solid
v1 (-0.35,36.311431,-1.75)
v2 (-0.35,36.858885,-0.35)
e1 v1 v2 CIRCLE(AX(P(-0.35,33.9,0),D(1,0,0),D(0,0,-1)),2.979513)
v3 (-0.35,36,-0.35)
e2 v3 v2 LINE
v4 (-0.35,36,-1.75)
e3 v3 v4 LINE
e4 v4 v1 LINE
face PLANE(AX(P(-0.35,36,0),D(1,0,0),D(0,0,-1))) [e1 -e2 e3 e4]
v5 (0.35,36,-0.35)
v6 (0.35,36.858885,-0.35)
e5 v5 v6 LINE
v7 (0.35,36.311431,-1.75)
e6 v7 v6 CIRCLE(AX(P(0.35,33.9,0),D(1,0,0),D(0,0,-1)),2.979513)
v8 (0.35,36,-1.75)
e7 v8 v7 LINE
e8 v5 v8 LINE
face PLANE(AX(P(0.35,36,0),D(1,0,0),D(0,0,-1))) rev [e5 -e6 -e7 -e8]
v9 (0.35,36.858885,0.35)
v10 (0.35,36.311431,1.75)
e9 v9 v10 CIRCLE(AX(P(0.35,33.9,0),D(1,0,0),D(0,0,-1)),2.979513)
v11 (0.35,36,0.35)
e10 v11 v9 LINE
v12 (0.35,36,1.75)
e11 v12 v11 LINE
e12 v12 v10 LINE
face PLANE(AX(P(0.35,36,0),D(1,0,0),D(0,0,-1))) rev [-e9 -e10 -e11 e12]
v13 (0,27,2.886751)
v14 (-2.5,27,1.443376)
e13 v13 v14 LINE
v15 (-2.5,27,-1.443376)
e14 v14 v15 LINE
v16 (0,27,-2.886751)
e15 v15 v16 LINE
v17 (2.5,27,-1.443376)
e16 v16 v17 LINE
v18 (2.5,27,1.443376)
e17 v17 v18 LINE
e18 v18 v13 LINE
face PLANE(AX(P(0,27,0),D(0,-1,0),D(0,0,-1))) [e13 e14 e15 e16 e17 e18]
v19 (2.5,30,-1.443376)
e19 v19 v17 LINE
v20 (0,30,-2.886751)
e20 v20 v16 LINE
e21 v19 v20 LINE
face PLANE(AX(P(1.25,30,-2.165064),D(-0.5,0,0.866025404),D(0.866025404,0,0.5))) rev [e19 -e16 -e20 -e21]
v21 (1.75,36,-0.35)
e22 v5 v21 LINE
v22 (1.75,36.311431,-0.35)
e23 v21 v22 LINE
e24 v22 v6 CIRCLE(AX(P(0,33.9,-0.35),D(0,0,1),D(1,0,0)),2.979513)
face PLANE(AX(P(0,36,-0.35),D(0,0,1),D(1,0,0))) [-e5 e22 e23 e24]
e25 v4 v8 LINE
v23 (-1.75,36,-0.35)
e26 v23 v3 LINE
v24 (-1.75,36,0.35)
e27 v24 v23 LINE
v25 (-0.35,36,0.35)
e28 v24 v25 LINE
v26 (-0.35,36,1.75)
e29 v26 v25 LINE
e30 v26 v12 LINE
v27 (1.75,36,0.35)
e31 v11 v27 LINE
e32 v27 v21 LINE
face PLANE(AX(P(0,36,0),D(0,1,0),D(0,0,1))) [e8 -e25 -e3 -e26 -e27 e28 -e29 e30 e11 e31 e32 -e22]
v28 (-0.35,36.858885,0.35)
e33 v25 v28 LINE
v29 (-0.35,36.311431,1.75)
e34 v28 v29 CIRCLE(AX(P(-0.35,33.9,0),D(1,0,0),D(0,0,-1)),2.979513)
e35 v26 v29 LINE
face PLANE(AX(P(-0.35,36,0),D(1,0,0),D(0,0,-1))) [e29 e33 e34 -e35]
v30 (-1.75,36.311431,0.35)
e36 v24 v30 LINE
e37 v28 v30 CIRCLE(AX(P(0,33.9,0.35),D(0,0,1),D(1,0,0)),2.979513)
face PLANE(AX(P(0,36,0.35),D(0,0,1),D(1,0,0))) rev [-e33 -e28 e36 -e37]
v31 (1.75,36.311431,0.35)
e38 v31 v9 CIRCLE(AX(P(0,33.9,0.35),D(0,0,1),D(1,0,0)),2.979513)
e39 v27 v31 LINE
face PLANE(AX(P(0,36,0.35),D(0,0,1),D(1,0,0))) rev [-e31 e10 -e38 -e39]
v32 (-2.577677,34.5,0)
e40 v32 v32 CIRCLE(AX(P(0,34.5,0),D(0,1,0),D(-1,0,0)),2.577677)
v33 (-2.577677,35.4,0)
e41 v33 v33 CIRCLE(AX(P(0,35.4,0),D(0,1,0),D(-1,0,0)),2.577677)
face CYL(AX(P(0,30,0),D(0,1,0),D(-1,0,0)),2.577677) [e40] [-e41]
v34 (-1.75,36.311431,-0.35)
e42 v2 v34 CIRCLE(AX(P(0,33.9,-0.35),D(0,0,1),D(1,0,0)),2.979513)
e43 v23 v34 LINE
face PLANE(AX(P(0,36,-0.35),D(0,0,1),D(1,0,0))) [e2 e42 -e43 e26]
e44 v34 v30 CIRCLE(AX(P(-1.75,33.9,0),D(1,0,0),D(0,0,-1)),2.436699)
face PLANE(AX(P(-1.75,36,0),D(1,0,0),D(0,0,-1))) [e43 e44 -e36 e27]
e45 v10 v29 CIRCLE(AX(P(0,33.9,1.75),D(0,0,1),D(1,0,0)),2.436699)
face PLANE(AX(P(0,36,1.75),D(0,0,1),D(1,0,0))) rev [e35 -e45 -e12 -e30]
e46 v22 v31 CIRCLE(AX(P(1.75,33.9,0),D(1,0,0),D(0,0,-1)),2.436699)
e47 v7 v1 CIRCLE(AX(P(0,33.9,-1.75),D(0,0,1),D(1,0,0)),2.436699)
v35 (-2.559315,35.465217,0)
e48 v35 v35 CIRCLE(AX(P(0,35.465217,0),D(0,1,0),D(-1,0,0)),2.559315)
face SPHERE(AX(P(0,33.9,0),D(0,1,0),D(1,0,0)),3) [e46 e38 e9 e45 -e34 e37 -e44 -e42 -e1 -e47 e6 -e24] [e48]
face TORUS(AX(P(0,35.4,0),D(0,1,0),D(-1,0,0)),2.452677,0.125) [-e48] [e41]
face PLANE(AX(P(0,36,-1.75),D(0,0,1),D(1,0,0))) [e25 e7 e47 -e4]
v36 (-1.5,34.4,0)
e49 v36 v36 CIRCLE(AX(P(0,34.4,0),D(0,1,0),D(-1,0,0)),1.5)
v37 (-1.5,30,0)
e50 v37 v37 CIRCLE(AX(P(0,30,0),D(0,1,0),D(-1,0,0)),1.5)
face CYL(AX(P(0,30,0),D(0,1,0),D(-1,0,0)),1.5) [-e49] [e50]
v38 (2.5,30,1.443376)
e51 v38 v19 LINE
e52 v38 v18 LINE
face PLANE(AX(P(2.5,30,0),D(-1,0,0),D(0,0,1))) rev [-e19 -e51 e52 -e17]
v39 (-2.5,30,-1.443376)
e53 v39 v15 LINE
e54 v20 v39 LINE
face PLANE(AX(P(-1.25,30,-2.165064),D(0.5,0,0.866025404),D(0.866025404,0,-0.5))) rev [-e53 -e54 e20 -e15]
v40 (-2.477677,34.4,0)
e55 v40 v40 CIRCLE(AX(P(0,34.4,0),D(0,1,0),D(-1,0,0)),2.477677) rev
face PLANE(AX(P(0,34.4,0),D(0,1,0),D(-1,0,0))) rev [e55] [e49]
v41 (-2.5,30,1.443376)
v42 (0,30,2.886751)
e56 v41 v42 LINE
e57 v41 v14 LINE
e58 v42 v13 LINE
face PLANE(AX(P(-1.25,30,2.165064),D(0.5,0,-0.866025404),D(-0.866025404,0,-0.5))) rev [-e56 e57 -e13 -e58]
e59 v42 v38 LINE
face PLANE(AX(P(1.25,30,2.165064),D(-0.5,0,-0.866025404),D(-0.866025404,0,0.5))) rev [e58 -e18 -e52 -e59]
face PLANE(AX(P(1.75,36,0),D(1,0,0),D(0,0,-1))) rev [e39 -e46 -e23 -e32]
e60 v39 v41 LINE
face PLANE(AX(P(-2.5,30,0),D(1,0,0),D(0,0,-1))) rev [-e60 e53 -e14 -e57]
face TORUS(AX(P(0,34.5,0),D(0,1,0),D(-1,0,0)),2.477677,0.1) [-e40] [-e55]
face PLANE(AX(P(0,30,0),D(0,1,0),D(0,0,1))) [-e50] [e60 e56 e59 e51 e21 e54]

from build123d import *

# Parameters (mm, degrees)
BOSS_EXTRUDE1_DEPTH = 30
SKETCH1_4_R         = 1.5
BOSS_EXTRUDE2_DEPTH = 6
CUT_EXTRUDE1_DEPTH  = 4
FILLET1_R           = 0.1
SKETCH5_R           = 1.5
BOSS_EXTRUDE3_DEPTH = 3
SKETCH6_R           = 4.535168768
CUT_EXTRUDE2_DEPTH  = 33


with BuildPart() as part:
    # Sketch1 → Boss-Extrude1 (new body)
    with BuildSketch(Plane(origin=(0, 0, 0), x_dir=(1, 0, 0), z_dir=(0, 1, 0))):
        Polygon((2.5, -1.443375673), (2.5, 1.443375673), (0, 2.886751346), (-2.5, 1.443375673), (-2.5, -1.443375673), (0, -2.886751346), align=None)
    extrude(amount=BOSS_EXTRUDE1_DEPTH)

    # Sketch1<4> → Boss-Extrude2 (add)
    with BuildSketch(Plane(origin=(0, 0, 0), x_dir=(1, 0, 0), z_dir=(0, 1, 0))):
        Circle(SKETCH1_4_R)
    extrude(amount=-BOSS_EXTRUDE2_DEPTH)

    # Sketch3 → Revolve1 (revolve)
    with BuildSketch(Plane.XY):
        with BuildLine():
            Line((0, 30), (1.5, 30))
            Line((1.5, 30), (1.5, 34.4))
            Line((1.5, 34.4), (2.577677109, 34.4))
            Line((2.577677109, 34.4), (2.577677109, 35.4))
            ThreePointArc((2.577677109, 35.4), (2.572999105, 35.433876498), (2.559315235, 35.465217406))
            ThreePointArc((2.559315235, 35.465217406), (1.467028933, 36.516835132), (0, 36.9))
            Line((0, 36.9), (0, 30))
        make_face()
    revolve(axis=Axis((0, 30, 0), (0, -1, 0)))

    # Sketch4 → Cut-Extrude1 (cut)
    with BuildSketch(Plane(origin=(0, 40, 0), x_dir=(1, 0, 0), z_dir=(0, 1, 0))):
        Polygon((-1.75, 0.35), (-1.75, -0.35), (-0.35, -0.35), (-0.35, -1.75), (0.35, -1.75), (0.35, -0.35), (1.75, -0.35), (1.75, 0.35), (0.35, 0.35), (0.35, 1.75), (-0.35, 1.75), (-0.35, 0.35), align=None)
    extrude(amount=-CUT_EXTRUDE1_DEPTH, mode=Mode.SUBTRACT)

    # Fillet1
    fillet1_edges = [part.edges().sort_by_distance(p)[0] for p in [
        (-2.577677109, 34.4, 0),
    ]]
    fillet(fillet1_edges, radius=FILLET1_R)


with BuildPart() as body_2:
    # Sketch5 → Boss-Extrude3 (new body)
    with BuildSketch(Plane.XZ.offset(6)):
        Polygon((2.5, 1.443375673), (0, 2.886751346), (-2.5, 1.443375673), (-2.5, -1.443375673), (0, -2.886751346), (2.5, -1.443375673), align=None)
        Circle(SKETCH5_R, mode=Mode.SUBTRACT)
    extrude(amount=-BOSS_EXTRUDE3_DEPTH)


with BuildPart() as cut_extrude2_tool:
    # Sketch6 → Cut-Extrude2 (new body)
    with BuildSketch(Plane.XZ.offset(6)):
        Circle(SKETCH6_R)
    extrude(amount=-CUT_EXTRUDE2_DEPTH)


with BuildPart() as part_1:
    add(part.part)

    # Cut-Extrude2: cut by cut_extrude2_tool
    add(cut_extrude2_tool.part, mode=Mode.SUBTRACT)


with BuildPart() as body_2_1:
    add(body_2.part)

    # Cut-Extrude2: cut by cut_extrude2_tool
    add(cut_extrude2_tool.part, mode=Mode.SUBTRACT)


solid = part_1.part
